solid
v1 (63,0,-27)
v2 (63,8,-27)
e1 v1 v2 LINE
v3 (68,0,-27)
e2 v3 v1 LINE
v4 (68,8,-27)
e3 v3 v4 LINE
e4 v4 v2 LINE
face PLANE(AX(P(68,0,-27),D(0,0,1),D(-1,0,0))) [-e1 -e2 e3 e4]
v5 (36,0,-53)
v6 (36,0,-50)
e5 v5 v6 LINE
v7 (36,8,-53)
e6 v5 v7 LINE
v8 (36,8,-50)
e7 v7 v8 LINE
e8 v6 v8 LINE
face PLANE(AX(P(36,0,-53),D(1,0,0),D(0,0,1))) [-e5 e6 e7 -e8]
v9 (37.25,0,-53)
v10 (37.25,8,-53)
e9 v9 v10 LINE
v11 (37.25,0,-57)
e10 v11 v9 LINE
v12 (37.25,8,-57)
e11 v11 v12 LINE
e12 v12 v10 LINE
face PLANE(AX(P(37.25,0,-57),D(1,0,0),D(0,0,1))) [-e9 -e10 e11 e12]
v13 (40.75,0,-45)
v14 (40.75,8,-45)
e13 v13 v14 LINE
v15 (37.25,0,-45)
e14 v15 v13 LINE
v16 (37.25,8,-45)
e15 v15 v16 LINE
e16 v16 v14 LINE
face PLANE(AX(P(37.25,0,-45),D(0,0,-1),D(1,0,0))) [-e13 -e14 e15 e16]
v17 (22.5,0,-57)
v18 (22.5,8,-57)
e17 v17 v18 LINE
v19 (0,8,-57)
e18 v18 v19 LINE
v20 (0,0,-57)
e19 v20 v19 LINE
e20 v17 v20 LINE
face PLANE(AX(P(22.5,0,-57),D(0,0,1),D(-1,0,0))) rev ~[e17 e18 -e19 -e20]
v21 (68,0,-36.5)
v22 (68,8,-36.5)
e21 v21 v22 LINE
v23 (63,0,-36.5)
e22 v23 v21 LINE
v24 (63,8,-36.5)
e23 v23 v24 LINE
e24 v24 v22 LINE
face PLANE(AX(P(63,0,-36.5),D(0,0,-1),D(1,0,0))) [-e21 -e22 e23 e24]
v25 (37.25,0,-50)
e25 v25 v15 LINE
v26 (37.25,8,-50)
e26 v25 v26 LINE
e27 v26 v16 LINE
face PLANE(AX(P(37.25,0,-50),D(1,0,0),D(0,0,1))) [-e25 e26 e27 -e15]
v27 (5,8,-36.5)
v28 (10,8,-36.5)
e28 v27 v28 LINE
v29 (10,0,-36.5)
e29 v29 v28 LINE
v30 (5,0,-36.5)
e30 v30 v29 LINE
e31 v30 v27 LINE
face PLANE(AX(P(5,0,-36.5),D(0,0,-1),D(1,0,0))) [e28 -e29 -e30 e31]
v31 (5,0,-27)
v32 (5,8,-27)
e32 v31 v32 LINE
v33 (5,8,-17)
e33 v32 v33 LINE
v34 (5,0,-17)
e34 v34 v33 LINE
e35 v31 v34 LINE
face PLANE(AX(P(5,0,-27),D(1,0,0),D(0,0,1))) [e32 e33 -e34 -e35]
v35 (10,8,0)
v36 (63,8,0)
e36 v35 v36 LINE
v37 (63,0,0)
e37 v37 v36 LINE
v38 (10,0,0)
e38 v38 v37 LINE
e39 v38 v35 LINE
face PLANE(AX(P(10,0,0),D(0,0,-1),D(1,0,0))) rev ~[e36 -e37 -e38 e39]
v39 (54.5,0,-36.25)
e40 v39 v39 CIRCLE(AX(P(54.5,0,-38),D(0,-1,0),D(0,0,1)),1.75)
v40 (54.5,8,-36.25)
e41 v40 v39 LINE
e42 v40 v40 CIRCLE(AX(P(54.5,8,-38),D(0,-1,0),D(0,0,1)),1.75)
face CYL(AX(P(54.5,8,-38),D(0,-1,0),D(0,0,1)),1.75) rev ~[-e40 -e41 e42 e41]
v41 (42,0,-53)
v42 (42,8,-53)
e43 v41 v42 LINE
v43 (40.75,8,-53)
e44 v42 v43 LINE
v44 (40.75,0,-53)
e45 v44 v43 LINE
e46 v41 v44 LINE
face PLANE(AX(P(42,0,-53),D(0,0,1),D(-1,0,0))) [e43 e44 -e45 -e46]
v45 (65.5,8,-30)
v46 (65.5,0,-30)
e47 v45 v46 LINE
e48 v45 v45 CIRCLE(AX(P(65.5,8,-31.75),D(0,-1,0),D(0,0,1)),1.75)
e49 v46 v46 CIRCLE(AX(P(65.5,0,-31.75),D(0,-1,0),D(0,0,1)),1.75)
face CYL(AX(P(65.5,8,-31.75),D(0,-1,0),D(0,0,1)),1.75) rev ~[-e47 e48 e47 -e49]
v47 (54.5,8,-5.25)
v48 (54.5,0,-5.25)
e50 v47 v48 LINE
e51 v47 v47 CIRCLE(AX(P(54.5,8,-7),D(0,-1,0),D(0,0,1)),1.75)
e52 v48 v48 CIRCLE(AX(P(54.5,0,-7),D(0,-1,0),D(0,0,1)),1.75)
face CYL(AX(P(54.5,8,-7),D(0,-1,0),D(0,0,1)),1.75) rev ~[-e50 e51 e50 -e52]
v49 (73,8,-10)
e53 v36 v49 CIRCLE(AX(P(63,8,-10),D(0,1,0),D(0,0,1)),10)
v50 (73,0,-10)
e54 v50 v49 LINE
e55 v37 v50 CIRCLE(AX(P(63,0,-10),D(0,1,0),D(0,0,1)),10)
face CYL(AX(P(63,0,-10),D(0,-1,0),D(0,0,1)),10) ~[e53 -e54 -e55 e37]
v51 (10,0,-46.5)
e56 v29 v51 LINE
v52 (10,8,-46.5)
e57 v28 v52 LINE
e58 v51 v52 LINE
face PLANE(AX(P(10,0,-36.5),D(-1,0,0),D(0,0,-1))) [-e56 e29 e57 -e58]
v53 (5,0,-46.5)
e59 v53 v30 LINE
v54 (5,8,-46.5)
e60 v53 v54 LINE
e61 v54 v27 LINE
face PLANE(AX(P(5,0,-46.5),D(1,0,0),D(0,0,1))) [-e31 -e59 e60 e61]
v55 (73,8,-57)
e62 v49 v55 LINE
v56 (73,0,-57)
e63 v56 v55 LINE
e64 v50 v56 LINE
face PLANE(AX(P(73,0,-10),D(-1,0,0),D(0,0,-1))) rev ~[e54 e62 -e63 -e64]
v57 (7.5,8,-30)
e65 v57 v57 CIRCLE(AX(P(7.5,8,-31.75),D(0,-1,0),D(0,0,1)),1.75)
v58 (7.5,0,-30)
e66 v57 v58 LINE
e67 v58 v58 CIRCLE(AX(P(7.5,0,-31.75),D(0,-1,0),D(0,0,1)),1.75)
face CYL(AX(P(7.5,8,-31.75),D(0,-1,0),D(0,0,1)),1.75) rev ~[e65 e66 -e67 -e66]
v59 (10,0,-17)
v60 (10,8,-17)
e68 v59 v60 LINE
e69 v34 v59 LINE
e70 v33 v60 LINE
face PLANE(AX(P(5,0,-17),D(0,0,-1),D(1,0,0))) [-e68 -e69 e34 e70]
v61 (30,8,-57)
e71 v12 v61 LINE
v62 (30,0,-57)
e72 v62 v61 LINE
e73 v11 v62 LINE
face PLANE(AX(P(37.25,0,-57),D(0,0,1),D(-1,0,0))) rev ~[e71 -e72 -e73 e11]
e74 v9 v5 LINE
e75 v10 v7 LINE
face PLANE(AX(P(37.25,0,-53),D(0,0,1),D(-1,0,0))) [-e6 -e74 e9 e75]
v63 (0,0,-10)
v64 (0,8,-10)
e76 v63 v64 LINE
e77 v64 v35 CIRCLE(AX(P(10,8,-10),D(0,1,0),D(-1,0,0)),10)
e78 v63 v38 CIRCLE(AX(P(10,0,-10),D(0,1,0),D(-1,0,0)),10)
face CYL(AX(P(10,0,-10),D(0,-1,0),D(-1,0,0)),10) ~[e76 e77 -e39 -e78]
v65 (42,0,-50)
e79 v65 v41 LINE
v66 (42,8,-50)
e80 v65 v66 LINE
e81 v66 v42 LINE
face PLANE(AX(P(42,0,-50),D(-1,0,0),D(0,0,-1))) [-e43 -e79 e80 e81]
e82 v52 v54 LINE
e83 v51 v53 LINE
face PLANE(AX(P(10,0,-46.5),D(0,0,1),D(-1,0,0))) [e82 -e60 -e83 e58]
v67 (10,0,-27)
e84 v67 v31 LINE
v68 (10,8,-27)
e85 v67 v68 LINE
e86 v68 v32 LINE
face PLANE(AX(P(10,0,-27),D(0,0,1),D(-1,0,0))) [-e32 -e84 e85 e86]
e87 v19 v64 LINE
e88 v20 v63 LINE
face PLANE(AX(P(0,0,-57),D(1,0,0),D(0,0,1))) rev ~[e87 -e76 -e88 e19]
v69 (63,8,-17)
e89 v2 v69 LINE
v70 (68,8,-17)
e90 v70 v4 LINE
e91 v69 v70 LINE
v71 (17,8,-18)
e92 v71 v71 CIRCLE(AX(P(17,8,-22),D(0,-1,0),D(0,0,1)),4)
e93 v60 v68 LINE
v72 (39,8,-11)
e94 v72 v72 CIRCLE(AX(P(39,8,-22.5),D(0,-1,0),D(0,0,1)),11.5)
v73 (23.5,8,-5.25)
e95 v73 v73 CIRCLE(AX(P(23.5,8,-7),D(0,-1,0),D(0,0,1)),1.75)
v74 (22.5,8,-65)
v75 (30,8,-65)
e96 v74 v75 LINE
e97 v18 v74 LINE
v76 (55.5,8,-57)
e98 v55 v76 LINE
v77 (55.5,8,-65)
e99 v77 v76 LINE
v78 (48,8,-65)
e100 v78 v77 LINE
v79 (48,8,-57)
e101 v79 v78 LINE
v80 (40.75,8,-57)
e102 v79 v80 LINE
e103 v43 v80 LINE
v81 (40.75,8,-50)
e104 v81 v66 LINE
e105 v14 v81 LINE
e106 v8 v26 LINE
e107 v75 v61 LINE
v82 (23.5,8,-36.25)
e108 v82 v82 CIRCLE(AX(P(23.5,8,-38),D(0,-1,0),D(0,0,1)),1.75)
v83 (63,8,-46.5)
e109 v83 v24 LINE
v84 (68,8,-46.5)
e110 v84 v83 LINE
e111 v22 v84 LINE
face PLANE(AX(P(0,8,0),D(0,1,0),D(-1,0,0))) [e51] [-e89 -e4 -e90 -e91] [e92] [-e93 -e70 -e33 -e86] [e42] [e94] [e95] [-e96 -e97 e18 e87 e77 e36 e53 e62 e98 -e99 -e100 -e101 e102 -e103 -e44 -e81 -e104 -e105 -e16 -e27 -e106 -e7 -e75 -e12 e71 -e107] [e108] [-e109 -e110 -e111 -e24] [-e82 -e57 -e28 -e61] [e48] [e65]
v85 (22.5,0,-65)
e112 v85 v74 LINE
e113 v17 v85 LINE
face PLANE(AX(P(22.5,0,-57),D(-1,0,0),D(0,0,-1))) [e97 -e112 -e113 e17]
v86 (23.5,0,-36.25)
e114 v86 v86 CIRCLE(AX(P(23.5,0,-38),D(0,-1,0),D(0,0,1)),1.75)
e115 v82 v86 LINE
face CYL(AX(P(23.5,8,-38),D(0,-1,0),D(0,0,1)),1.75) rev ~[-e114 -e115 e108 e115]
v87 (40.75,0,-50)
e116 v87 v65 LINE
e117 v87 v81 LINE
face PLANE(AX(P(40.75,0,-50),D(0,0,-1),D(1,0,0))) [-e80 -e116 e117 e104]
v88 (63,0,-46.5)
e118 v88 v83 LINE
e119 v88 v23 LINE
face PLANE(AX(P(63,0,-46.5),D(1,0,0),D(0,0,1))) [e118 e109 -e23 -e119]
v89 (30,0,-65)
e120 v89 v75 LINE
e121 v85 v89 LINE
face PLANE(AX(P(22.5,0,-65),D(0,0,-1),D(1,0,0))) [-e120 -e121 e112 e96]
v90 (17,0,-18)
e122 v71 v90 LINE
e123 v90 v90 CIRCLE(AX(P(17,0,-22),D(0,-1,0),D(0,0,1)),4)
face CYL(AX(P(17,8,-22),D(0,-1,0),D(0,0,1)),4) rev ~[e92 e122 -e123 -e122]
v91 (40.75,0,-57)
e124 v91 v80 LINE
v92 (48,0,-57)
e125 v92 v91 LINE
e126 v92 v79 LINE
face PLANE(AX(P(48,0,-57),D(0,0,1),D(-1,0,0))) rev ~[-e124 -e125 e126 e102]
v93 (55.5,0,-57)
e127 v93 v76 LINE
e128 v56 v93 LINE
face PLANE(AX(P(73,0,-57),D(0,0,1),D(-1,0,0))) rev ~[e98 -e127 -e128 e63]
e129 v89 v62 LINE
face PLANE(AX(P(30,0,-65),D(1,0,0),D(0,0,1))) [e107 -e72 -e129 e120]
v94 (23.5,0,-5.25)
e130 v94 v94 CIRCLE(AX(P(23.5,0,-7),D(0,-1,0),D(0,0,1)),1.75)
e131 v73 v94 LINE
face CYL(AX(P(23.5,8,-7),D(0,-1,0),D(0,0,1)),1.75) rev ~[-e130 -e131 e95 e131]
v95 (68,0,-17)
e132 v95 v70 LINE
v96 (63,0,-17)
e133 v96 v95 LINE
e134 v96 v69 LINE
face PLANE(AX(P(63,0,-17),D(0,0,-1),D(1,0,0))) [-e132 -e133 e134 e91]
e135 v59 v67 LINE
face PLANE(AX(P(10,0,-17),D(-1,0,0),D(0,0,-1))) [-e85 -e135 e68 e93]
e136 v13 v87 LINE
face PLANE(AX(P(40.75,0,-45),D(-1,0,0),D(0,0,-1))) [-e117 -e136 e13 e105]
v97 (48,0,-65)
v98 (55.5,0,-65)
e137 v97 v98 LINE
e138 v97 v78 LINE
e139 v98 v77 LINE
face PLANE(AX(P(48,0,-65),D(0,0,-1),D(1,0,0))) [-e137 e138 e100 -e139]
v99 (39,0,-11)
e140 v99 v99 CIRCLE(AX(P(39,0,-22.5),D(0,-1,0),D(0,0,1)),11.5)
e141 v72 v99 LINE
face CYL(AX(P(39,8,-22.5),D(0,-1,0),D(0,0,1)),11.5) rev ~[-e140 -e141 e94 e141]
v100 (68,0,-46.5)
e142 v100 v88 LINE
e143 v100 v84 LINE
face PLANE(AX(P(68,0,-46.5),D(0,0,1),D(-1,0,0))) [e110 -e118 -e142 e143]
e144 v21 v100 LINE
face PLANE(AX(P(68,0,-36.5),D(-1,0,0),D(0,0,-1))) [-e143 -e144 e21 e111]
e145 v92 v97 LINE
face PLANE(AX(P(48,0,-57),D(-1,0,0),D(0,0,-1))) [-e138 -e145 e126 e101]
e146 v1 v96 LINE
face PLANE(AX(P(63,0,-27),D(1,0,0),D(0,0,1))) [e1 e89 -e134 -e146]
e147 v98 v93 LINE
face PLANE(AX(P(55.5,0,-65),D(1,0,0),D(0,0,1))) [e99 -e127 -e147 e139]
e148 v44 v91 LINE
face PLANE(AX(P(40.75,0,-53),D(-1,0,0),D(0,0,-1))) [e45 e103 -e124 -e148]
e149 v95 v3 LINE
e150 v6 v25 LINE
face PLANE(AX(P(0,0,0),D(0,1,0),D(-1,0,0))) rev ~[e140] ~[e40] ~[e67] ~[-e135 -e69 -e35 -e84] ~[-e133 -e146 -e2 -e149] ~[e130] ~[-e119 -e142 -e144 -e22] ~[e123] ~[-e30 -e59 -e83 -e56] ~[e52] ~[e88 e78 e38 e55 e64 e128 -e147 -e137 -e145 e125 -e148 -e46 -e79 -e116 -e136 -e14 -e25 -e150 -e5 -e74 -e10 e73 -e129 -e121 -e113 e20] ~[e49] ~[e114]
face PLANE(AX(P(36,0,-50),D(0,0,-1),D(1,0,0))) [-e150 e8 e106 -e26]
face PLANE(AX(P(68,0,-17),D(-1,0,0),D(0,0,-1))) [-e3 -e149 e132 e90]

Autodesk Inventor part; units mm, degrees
ref_plane "YZ Plane" through (0, 0, 0) normal (1, 0, 0) x (0, 1, 0)
sketch "Sketch1" plane through (0, 0, 0) normal (0, 1, 0) x (-1, 0, 0)
  line L0 (-10, 0) -> (-63, 0)
  line L1 (-73, -10) -> (-73, -57)
  line L2 (0, -57) -> (0, -10)
  line L3 (-22.5, -57) -> (-22.5, -65)
  line L4 (-22.5, -65) -> (-30, -65)
  line L5 (-30, -65) -> (-30, -57)
  line L6 (-48, -57) -> (-48, -65)
  line L7 (-48, -65) -> (-55.5, -65)
  line L8 (-55.5, -65) -> (-55.5, -57)
  line L9 (-73, -57) -> (-55.5, -57)
  line L10 (-22.5, -57) -> (0, -57)
  line L11 (-37.25, -57) -> (-37.25, -53)
  line L12 (-37.25, -53) -> (-36, -53)
  line L13 (-36, -53) -> (-36, -50)
  line L14 (-36, -50) -> (-37.25, -50)
  line L15 (-37.25, -50) -> (-37.25, -45)
  line L16 (-37.25, -45) -> (-40.75, -45)
  line L17 (-40.75, -45) -> (-40.75, -50)
  line L18 (-40.75, -50) -> (-42, -50)
  line L19 (-42, -50) -> (-42, -53)
  line L20 (-42, -53) -> (-40.75, -53)
  line L21 (-40.75, -53) -> (-40.75, -57)
  line L22 (-48, -57) -> (-40.75, -57)
  line L23 (-37.25, -57) -> (-30, -57)
  arc A0 (0, -10) -> (-10, 0) centre (-10, -10) ccw
  arc A1 (-63, 0) -> (-73, -10) centre (-63, -10) ccw
  line L24 (-5, -17) -> (-10, -17)
  line L25 (-10, -17) -> (-10, -27)
  line L26 (-10, -27) -> (-5, -27)
  line L27 (-5, -27) -> (-5, -17)
  line L28 (-5, -36.5) -> (-10, -36.5)
  line L29 (-10, -36.5) -> (-10, -46.5)
  line L30 (-10, -46.5) -> (-5, -46.5)
  line L31 (-5, -46.5) -> (-5, -36.5)
  line L32 (-63, -17) -> (-68, -17)
  line L33 (-68, -17) -> (-68, -27)
  line L34 (-68, -27) -> (-63, -27)
  line L35 (-63, -27) -> (-63, -17)
  line L36 (-63, -36.5) -> (-68, -36.5)
  line L37 (-68, -36.5) -> (-68, -46.5)
  line L38 (-68, -46.5) -> (-63, -46.5)
  line L39 (-63, -46.5) -> (-63, -36.5)
  line L40 (-39, -45) -> (-39, -65) construction
  point P0 (0, 0)
  point P1 (-73, 0)
  dimension "d0" = 73
  dimension "d1" = 57
  dimension "d2" = 22.5
  dimension "d3" = 7.5
  dimension "d4" = 8
  dimension "d5" = 17.5
  dimension "d6" = 18
  dimension "d7" = 3.5
  dimension "d8" = 6
  dimension "d9" = 4
  dimension "d10" = 3
  dimension "d11" = 5
  dimension "d12" = 10
  dimension "d13" = 5
  dimension "d14" = 10
  dimension "d15" = 5
  dimension "d17" = 9.5
  dimension "d18" = 5
  dimension "d19" = 10.5
extrude "Extrusion1" add sketch "Sketch1" along normal blind 8
sketch "Sketch2" plane through (0, 8, 0) normal (0, 1, 0) x (1, 0, 0)
  line L0 (63, 36.5) -> (63, 46.5) construction
  line L1 (63, 46.5) -> (68, 46.5) construction
  line L2 (68, 46.5) -> (68, 36.5) construction
  line L3 (68, 36.5) -> (63, 36.5) construction
  line L4 (63, 17) -> (63, 27) construction
  line L5 (63, 27) -> (68, 27) construction
  line L6 (68, 27) -> (68, 17) construction
  line L7 (68, 17) -> (63, 17) construction
  line L8 (5, 36.5) -> (5, 46.5) construction
  line L9 (5, 46.5) -> (10, 46.5) construction
  line L10 (10, 46.5) -> (10, 36.5) construction
  line L11 (10, 36.5) -> (5, 36.5) construction
  line L12 (5, 17) -> (5, 27) construction
  line L13 (5, 27) -> (10, 27) construction
  line L14 (10, 27) -> (10, 17) construction
  line L15 (10, 17) -> (5, 17) construction
  line L16 (73, 10) -> (73, 57) construction
  line L17 (73, 57) -> (55.5, 57) construction
  line L18 (55.5, 57) -> (55.5, 65) construction
  line L19 (55.5, 65) -> (48, 65) construction
  line L20 (48, 65) -> (48, 57) construction
  line L21 (48, 57) -> (40.75, 57) construction
  line L22 (40.75, 57) -> (40.75, 53) construction
  line L23 (40.75, 53) -> (42, 53) construction
  line L24 (42, 53) -> (42, 50) construction
  line L25 (42, 50) -> (40.75, 50) construction
  line L26 (40.75, 50) -> (40.75, 45) construction
  line L27 (40.75, 45) -> (37.25, 45) construction
  line L28 (37.25, 45) -> (37.25, 50) construction
  line L29 (37.25, 50) -> (36, 50) construction
  line L30 (36, 50) -> (36, 53) construction
  line L31 (36, 53) -> (37.25, 53) construction
  line L32 (37.25, 53) -> (37.25, 57) construction
  line L33 (37.25, 57) -> (30, 57) construction
  line L34 (30, 57) -> (30, 65) construction
  line L35 (30, 65) -> (22.5, 65) construction
  line L36 (22.5, 65) -> (22.5, 57) construction
  line L37 (22.5, 57) -> (0, 57) construction
  line L38 (0, 57) -> (0, 10) construction
  arc A0 (0, 10) -> (10, 0) centre (10, 10) ccw construction
  line L39 (10, 0) -> (63, 0) construction
  arc A1 (63, 0) -> (73, 10) centre (63, 10) ccw construction
  line L40 (10, 27) -> (5, 27) construction
  line L41 (7.5, 27) -> (7.5, 36.5) construction
  line L42 (5, 36.5) -> (10, 36.5) construction
  line L43 (65.5, 27) -> (65.5, 36.5) construction
  line L44 (68, 36.5) -> (63, 36.5) construction
  line L45 (23.5, 38) -> (54.5, 38) construction
  line L46 (54.5, 38) -> (54.5, 7) construction
  line L47 (54.5, 7) -> (23.5, 7) construction
  line L48 (23.5, 7) -> (23.5, 38) construction
  line L49 (23.5, 22.5) -> (54.5, 22.5) construction
  point P0 (0, 0)
  point P1 (7.5, 31.75)
  point P2 (65.5, 31.75)
  point P3 (17, 22)
  point P4 (39, 22.5)
  dimension "d22" = 31
  dimension "d23" = 31
  dimension "d24" = 7
  dimension "d25" = 23.5
  dimension "d26" = 17
  dimension "d27" = 22
hole "Hole1" at (7.5, 8, -31.75) at (65.5, 8, -31.75) at (23.5, 8, -38) at (54.5, 8, -38) at (54.5, 8, -7) at (23.5, 8, -7) direction (0, -1, 0) diameter 3.5 end through all
hole "Hole2" at (17, 8, -22) direction (0, -1, 0) diameter 8 end through all
hole "Hole3" at (39, 8, -22.5) direction (0, -1, 0) diameter 23 end through all
ref_plane "Work Plane1" through (0, 4, 0) normal (0, 1, 0) x (-1, 0, 0)
ref_plane "Work Plane2" through (39, 0, -45) normal (1, 0, 0) x (0, 0, -1)
equation "\"d49\" = 0.5 * THICKNESS"
equation "\"THICKNESS\" = 8"
properties part number "A8-0002"
